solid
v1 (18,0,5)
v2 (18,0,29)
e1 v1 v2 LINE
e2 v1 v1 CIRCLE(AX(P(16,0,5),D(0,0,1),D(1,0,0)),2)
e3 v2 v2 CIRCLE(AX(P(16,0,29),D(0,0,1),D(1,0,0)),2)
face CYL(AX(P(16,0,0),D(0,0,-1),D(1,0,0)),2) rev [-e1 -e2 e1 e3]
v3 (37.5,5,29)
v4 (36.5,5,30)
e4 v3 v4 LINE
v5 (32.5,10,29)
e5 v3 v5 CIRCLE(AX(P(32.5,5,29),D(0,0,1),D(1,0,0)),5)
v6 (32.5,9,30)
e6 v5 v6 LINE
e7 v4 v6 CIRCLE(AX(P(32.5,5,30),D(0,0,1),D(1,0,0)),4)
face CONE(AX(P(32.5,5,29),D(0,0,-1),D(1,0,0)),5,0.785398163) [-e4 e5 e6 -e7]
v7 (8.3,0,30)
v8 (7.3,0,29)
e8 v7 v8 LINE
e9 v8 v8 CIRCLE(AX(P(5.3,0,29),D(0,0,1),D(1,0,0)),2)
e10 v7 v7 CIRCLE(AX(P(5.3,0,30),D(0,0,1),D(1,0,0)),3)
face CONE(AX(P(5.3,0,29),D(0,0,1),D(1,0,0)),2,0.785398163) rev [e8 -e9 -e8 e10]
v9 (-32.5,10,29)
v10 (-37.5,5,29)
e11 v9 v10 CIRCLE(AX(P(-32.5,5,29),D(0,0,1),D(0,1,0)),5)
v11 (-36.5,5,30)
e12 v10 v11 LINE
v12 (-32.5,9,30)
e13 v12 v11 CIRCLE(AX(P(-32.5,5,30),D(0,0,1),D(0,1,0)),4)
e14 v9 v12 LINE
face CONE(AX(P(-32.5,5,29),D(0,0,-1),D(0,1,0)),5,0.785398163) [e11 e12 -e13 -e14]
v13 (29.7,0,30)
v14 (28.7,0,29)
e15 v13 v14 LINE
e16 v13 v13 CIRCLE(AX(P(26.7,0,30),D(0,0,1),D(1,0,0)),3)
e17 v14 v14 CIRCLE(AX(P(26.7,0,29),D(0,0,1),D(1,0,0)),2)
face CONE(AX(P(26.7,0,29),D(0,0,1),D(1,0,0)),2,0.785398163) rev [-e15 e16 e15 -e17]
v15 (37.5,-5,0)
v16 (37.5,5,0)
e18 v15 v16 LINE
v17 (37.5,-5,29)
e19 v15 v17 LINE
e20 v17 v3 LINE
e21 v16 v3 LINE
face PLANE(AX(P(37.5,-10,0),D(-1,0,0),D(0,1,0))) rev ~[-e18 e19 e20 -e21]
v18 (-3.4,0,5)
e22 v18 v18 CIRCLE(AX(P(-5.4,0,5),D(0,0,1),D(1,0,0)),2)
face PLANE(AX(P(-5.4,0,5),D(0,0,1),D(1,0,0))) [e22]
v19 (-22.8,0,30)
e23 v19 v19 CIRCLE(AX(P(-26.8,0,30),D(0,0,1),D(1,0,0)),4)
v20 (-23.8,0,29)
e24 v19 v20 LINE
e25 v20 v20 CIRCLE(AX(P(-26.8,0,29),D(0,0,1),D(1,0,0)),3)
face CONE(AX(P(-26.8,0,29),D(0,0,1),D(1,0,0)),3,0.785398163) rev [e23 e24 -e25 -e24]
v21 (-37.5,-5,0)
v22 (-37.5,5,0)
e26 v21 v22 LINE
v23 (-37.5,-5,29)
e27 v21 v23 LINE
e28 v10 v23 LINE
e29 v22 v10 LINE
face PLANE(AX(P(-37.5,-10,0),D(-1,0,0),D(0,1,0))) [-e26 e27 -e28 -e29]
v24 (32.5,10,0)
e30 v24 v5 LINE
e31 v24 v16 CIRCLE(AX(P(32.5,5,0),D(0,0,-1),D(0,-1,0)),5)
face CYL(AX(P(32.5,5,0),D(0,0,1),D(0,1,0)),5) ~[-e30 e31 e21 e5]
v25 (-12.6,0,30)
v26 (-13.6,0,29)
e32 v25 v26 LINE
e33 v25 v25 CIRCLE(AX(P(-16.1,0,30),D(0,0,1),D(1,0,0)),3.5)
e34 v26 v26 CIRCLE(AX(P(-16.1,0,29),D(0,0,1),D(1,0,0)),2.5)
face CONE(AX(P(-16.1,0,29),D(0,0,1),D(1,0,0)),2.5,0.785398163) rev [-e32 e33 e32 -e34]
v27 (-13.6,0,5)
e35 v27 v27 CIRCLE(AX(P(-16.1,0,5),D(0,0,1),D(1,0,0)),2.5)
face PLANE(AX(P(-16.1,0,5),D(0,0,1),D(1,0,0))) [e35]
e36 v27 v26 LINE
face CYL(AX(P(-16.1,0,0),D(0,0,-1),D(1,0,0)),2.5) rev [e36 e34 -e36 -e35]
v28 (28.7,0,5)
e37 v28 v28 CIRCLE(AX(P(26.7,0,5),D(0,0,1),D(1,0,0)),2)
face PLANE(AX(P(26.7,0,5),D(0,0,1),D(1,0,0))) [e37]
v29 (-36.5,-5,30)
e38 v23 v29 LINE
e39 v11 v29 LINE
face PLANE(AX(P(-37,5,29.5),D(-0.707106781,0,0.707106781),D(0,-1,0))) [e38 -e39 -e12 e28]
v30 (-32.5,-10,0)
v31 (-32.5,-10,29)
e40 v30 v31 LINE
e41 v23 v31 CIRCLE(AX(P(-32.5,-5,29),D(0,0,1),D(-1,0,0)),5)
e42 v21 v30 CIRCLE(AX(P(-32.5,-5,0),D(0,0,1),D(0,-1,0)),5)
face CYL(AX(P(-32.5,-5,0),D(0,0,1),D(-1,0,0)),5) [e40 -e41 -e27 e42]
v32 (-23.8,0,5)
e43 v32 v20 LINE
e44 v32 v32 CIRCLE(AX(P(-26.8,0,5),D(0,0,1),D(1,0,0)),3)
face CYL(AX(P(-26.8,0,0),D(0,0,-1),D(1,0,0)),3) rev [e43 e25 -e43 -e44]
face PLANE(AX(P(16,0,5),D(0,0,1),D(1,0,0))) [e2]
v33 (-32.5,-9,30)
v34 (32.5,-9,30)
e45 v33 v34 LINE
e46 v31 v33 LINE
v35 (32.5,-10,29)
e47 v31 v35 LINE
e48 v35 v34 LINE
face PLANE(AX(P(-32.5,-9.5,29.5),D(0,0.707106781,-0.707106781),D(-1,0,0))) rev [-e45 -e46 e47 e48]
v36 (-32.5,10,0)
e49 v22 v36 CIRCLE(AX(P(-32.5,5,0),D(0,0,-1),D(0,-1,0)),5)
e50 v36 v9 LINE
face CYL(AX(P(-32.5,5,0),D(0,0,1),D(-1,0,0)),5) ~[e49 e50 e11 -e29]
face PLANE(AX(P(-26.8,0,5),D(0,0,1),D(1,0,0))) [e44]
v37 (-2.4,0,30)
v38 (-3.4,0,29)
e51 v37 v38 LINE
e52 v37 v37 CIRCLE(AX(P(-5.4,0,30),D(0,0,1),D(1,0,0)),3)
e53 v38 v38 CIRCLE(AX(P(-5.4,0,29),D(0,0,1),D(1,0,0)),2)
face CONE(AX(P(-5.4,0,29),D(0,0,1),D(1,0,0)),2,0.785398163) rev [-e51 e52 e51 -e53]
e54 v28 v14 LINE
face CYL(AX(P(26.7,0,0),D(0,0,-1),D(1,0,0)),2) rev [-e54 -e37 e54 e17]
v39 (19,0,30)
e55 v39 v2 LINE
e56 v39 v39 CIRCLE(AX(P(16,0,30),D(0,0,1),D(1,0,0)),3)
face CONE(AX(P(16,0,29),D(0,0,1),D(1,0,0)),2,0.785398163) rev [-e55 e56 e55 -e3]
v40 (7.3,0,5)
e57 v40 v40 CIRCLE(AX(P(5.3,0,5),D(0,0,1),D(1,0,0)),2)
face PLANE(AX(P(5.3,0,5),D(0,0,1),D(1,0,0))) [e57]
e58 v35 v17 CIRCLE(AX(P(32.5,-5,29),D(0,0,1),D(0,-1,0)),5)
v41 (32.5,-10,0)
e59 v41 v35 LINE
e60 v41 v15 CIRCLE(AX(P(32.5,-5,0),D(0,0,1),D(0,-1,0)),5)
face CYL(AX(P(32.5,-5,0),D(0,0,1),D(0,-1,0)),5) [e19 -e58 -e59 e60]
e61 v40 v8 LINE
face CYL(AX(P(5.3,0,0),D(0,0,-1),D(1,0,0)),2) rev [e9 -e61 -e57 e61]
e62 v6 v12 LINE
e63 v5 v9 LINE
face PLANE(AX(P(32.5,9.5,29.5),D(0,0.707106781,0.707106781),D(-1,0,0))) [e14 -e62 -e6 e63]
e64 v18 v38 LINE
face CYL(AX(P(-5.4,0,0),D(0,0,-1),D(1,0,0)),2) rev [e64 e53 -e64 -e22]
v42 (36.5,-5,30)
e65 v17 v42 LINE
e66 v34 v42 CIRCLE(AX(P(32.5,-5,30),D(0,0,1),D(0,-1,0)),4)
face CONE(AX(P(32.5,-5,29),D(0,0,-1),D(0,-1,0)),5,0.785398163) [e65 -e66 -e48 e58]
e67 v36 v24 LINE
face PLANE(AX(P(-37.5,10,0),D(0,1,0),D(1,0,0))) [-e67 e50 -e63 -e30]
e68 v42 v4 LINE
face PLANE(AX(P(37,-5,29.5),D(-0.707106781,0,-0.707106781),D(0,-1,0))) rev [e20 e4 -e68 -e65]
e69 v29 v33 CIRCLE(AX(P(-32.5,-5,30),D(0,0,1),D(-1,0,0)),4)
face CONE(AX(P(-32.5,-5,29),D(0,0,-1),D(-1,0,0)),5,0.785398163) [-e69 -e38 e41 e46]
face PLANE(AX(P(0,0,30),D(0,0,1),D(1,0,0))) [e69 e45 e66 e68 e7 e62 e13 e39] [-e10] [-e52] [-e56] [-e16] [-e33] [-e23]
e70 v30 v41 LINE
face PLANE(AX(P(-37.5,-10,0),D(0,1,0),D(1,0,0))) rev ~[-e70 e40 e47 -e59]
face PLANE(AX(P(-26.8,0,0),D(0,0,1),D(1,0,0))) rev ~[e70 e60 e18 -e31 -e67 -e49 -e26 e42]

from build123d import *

# Parameters (mm, degrees)
F0_W     = 75
F0_H     = 20
F0_R     = 3
F0_R_2   = 2.5
F0_R_3   = 2
F1_DEPTH = 30
F2_DEPTH = 5
F3_R     = 5
F4_SIZE  = 1


with BuildPart() as f1:
    # F0 (on Top) → F1 (new body)
    with BuildSketch(Plane.XY):
        Rectangle(F0_W, F0_H)
        with Locations((-26.8, 0)):
            Circle(F0_R, mode=Mode.SUBTRACT)
        with Locations((-16.1, 0)):
            Circle(F0_R_2, mode=Mode.SUBTRACT)
        with Locations((-5.4, 0)):
            Circle(F0_R_3, mode=Mode.SUBTRACT)
        with Locations((5.3, 0)):
            Circle(F0_R_3, mode=Mode.SUBTRACT)
        with Locations((16, 0)):
            Circle(F0_R_3, mode=Mode.SUBTRACT)
        with Locations((26.7, 0)):
            Circle(F0_R_3, mode=Mode.SUBTRACT)
    extrude(amount=F1_DEPTH)

    # F0 (on Top) → F2 (join)
    with BuildSketch(Plane.XY):
        with Locations((-26.8, 0)):
            Circle(F0_R)
        with Locations((-16.1, 0)):
            Circle(F0_R_2)
        with Locations((-5.4, 0)):
            Circle(F0_R_3)
        with Locations((5.3, 0)):
            Circle(F0_R_3)
        with Locations((16, 0)):
            Circle(F0_R_3)
        with Locations((26.7, 0)):
            Circle(F0_R_3)
    extrude(amount=F2_DEPTH)

    # F3
    f3_edges = [f1.edges().sort_by_distance(p)[0] for p in [
        (37.5, -10, 15),
        (37.5, 10, 15),
        (-37.5, -10, 15),
        (-37.5, 10, 15),
    ]]
    fillet(f3_edges, radius=F3_R)

    # F4
    f4_edges = [f1.edges().sort_by_distance(p)[0] for p in [
        (-29.8, 0, 30),
        (-18.6, 0, 30),
        (-7.4, 0, 30),
        (3.3, 0, 30),
        (14, 0, 30),
        (24.7, 0, 30),
        (0, -10, 30),
    ]]
    chamfer(f4_edges, length=F4_SIZE)


solid = f1.part
